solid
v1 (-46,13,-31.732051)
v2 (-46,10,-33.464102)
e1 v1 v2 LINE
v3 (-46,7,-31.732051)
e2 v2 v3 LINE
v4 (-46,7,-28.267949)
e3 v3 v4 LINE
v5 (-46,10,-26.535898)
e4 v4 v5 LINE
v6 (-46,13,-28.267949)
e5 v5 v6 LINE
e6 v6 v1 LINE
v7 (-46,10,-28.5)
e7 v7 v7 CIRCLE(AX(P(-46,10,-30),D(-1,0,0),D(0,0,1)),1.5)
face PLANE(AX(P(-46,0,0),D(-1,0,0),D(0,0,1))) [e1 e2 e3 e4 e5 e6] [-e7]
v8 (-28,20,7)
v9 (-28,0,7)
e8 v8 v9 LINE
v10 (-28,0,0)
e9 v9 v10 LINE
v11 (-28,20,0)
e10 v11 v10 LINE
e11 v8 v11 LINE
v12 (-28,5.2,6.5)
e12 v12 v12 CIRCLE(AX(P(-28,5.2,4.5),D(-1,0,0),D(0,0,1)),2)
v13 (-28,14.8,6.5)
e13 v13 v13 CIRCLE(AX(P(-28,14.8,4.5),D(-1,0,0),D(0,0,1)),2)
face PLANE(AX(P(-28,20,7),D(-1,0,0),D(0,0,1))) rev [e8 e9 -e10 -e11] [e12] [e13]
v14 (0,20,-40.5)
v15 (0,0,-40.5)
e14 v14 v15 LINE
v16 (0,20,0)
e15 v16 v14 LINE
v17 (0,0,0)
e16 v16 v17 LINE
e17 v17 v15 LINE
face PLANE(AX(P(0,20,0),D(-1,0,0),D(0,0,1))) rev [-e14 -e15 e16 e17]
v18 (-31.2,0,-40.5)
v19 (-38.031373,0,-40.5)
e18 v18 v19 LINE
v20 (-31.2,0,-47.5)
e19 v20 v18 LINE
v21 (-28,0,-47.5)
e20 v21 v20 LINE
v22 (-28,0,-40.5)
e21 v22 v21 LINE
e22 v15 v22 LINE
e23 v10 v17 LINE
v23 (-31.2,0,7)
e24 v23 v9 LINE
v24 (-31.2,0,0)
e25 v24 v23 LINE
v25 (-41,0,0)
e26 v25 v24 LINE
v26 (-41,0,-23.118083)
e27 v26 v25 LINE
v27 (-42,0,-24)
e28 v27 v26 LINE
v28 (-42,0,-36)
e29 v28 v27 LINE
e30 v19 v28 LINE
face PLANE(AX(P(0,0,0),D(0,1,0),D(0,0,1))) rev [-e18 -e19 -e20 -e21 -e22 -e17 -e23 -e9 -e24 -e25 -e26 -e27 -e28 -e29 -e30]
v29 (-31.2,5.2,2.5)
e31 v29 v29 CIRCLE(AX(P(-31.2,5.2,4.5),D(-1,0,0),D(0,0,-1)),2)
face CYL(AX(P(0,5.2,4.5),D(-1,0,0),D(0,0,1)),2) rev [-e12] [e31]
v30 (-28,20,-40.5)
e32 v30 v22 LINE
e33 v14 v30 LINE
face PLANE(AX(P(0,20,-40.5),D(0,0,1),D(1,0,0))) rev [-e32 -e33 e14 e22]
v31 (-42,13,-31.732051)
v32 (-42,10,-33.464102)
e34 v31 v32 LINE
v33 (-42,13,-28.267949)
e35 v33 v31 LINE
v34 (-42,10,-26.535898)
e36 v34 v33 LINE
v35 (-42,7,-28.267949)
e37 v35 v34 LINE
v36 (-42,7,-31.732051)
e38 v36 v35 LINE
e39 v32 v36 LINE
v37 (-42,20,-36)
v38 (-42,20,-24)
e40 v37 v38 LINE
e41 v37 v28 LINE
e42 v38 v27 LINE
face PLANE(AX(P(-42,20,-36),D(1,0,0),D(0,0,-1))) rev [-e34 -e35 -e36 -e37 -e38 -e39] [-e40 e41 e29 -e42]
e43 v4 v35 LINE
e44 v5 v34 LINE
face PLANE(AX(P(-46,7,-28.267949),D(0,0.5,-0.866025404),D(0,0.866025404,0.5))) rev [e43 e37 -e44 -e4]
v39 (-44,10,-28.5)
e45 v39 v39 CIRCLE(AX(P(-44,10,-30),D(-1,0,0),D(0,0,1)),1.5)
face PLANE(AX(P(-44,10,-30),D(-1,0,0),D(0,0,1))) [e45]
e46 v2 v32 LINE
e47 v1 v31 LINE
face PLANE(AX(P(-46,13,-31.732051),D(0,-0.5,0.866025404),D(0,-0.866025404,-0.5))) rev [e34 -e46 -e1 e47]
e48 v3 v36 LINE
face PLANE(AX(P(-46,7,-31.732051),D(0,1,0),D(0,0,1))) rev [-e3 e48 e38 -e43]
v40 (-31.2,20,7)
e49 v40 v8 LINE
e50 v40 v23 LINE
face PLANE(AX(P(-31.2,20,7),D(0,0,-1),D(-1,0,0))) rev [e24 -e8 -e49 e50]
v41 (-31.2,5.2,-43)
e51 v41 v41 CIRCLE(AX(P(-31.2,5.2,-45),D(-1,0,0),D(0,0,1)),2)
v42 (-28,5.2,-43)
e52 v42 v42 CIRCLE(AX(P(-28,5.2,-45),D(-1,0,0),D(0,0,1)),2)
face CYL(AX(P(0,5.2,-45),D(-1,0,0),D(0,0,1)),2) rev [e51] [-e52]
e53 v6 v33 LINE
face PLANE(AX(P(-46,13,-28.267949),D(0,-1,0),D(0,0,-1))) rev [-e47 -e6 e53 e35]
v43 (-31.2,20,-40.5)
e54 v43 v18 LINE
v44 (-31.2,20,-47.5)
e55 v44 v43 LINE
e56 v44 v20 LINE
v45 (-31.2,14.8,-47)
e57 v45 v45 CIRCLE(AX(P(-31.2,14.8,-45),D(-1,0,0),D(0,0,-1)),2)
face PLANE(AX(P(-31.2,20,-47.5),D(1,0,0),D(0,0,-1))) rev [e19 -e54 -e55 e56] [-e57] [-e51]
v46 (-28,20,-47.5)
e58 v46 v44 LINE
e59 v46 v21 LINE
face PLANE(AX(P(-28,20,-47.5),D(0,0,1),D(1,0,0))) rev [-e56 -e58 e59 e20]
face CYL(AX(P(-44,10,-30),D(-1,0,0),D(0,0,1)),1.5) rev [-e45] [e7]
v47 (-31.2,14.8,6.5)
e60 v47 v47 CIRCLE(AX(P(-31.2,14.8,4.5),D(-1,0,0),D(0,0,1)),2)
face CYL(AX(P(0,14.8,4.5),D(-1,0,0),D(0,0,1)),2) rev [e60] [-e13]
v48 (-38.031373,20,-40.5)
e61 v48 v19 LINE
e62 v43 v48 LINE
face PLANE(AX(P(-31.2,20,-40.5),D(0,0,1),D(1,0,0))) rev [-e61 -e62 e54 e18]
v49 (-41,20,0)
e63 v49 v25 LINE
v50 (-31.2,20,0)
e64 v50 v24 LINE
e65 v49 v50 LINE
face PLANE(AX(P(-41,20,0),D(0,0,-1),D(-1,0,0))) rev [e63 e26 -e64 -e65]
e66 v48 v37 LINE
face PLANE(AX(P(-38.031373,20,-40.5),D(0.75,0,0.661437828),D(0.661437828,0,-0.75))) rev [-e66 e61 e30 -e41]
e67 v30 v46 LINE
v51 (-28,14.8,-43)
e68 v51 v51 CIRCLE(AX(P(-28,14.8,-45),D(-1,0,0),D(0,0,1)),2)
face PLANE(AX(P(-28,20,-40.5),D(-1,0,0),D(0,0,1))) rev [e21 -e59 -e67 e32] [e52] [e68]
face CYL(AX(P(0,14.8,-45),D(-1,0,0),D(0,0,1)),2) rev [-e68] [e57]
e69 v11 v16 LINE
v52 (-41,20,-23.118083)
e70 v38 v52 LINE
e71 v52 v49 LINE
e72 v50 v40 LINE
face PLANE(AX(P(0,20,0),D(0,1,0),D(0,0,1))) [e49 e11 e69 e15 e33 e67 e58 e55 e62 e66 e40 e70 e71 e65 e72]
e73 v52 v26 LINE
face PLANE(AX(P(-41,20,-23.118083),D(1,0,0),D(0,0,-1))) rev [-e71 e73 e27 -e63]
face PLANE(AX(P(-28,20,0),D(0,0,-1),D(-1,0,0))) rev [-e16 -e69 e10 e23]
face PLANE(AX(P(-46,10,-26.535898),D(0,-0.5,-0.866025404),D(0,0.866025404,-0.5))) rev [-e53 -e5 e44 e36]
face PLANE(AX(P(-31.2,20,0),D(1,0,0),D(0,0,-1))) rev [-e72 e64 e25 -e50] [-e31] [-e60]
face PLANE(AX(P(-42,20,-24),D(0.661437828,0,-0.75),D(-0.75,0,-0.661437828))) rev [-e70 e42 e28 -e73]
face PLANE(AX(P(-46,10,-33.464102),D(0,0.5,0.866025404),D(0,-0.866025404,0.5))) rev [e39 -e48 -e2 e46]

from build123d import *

# Parameters (mm, degrees)
BOSS_EXTRUDE1_DEPTH = 20
BOSS_EXTRUDE2_DEPTH = 4
SKETCH3_R           = 2
CUT_EXTRUDE1_DEPTH  = 32.2
SKETCH4_R           = 1.5
CUT_EXTRUDE2_DEPTH  = 2


with BuildPart() as part:
    # Sketch1 → Boss-Extrude1 (new body)
    with BuildSketch(Plane(origin=(0, 0, 0), x_dir=(1, 0, 0), z_dir=(0, 1, 0))):
        Polygon((0, 0), (0, 40.5), (-28, 40.5), (-28, 47.5), (-31.2, 47.5), (-31.2, 40.5), (-38.031373033, 40.5), (-42, 36), (-42, 24), (-41, 23.118082896), (-41, 0), (-31.2, 0), (-31.2, -7), (-28, -7), (-28, 0), align=None)
    extrude(amount=BOSS_EXTRUDE1_DEPTH)

    # Sketch2 → Boss-Extrude2 (add)
    with BuildSketch(Plane.ZY.offset(42)):
        Polygon((-33.464101615, 10), (-31.732050808, 7), (-28.267949192, 7), (-26.535898385, 10), (-28.267949192, 13), (-31.732050808, 13), align=None)
    extrude(amount=BOSS_EXTRUDE2_DEPTH)

    # Sketch3 → Cut-Extrude1 (cut, through all)
    with BuildSketch(Plane.ZY.offset(31.2)):
        with Locations((-45, 5.2)):
            Circle(SKETCH3_R)
        with Locations((-45, 14.8)):
            Circle(SKETCH3_R)
        with Locations((4.5, 14.8)):
            Circle(SKETCH3_R)
        with Locations((4.5, 5.2)):
            Circle(SKETCH3_R)
    extrude(amount=-CUT_EXTRUDE1_DEPTH, mode=Mode.SUBTRACT)

    # Sketch4 → Cut-Extrude2 (cut)
    with BuildSketch(Plane.ZY.offset(46)):
        with Locations((-30, 10)):
            Circle(SKETCH4_R)
    extrude(amount=-CUT_EXTRUDE2_DEPTH, mode=Mode.SUBTRACT)


solid = part.part
